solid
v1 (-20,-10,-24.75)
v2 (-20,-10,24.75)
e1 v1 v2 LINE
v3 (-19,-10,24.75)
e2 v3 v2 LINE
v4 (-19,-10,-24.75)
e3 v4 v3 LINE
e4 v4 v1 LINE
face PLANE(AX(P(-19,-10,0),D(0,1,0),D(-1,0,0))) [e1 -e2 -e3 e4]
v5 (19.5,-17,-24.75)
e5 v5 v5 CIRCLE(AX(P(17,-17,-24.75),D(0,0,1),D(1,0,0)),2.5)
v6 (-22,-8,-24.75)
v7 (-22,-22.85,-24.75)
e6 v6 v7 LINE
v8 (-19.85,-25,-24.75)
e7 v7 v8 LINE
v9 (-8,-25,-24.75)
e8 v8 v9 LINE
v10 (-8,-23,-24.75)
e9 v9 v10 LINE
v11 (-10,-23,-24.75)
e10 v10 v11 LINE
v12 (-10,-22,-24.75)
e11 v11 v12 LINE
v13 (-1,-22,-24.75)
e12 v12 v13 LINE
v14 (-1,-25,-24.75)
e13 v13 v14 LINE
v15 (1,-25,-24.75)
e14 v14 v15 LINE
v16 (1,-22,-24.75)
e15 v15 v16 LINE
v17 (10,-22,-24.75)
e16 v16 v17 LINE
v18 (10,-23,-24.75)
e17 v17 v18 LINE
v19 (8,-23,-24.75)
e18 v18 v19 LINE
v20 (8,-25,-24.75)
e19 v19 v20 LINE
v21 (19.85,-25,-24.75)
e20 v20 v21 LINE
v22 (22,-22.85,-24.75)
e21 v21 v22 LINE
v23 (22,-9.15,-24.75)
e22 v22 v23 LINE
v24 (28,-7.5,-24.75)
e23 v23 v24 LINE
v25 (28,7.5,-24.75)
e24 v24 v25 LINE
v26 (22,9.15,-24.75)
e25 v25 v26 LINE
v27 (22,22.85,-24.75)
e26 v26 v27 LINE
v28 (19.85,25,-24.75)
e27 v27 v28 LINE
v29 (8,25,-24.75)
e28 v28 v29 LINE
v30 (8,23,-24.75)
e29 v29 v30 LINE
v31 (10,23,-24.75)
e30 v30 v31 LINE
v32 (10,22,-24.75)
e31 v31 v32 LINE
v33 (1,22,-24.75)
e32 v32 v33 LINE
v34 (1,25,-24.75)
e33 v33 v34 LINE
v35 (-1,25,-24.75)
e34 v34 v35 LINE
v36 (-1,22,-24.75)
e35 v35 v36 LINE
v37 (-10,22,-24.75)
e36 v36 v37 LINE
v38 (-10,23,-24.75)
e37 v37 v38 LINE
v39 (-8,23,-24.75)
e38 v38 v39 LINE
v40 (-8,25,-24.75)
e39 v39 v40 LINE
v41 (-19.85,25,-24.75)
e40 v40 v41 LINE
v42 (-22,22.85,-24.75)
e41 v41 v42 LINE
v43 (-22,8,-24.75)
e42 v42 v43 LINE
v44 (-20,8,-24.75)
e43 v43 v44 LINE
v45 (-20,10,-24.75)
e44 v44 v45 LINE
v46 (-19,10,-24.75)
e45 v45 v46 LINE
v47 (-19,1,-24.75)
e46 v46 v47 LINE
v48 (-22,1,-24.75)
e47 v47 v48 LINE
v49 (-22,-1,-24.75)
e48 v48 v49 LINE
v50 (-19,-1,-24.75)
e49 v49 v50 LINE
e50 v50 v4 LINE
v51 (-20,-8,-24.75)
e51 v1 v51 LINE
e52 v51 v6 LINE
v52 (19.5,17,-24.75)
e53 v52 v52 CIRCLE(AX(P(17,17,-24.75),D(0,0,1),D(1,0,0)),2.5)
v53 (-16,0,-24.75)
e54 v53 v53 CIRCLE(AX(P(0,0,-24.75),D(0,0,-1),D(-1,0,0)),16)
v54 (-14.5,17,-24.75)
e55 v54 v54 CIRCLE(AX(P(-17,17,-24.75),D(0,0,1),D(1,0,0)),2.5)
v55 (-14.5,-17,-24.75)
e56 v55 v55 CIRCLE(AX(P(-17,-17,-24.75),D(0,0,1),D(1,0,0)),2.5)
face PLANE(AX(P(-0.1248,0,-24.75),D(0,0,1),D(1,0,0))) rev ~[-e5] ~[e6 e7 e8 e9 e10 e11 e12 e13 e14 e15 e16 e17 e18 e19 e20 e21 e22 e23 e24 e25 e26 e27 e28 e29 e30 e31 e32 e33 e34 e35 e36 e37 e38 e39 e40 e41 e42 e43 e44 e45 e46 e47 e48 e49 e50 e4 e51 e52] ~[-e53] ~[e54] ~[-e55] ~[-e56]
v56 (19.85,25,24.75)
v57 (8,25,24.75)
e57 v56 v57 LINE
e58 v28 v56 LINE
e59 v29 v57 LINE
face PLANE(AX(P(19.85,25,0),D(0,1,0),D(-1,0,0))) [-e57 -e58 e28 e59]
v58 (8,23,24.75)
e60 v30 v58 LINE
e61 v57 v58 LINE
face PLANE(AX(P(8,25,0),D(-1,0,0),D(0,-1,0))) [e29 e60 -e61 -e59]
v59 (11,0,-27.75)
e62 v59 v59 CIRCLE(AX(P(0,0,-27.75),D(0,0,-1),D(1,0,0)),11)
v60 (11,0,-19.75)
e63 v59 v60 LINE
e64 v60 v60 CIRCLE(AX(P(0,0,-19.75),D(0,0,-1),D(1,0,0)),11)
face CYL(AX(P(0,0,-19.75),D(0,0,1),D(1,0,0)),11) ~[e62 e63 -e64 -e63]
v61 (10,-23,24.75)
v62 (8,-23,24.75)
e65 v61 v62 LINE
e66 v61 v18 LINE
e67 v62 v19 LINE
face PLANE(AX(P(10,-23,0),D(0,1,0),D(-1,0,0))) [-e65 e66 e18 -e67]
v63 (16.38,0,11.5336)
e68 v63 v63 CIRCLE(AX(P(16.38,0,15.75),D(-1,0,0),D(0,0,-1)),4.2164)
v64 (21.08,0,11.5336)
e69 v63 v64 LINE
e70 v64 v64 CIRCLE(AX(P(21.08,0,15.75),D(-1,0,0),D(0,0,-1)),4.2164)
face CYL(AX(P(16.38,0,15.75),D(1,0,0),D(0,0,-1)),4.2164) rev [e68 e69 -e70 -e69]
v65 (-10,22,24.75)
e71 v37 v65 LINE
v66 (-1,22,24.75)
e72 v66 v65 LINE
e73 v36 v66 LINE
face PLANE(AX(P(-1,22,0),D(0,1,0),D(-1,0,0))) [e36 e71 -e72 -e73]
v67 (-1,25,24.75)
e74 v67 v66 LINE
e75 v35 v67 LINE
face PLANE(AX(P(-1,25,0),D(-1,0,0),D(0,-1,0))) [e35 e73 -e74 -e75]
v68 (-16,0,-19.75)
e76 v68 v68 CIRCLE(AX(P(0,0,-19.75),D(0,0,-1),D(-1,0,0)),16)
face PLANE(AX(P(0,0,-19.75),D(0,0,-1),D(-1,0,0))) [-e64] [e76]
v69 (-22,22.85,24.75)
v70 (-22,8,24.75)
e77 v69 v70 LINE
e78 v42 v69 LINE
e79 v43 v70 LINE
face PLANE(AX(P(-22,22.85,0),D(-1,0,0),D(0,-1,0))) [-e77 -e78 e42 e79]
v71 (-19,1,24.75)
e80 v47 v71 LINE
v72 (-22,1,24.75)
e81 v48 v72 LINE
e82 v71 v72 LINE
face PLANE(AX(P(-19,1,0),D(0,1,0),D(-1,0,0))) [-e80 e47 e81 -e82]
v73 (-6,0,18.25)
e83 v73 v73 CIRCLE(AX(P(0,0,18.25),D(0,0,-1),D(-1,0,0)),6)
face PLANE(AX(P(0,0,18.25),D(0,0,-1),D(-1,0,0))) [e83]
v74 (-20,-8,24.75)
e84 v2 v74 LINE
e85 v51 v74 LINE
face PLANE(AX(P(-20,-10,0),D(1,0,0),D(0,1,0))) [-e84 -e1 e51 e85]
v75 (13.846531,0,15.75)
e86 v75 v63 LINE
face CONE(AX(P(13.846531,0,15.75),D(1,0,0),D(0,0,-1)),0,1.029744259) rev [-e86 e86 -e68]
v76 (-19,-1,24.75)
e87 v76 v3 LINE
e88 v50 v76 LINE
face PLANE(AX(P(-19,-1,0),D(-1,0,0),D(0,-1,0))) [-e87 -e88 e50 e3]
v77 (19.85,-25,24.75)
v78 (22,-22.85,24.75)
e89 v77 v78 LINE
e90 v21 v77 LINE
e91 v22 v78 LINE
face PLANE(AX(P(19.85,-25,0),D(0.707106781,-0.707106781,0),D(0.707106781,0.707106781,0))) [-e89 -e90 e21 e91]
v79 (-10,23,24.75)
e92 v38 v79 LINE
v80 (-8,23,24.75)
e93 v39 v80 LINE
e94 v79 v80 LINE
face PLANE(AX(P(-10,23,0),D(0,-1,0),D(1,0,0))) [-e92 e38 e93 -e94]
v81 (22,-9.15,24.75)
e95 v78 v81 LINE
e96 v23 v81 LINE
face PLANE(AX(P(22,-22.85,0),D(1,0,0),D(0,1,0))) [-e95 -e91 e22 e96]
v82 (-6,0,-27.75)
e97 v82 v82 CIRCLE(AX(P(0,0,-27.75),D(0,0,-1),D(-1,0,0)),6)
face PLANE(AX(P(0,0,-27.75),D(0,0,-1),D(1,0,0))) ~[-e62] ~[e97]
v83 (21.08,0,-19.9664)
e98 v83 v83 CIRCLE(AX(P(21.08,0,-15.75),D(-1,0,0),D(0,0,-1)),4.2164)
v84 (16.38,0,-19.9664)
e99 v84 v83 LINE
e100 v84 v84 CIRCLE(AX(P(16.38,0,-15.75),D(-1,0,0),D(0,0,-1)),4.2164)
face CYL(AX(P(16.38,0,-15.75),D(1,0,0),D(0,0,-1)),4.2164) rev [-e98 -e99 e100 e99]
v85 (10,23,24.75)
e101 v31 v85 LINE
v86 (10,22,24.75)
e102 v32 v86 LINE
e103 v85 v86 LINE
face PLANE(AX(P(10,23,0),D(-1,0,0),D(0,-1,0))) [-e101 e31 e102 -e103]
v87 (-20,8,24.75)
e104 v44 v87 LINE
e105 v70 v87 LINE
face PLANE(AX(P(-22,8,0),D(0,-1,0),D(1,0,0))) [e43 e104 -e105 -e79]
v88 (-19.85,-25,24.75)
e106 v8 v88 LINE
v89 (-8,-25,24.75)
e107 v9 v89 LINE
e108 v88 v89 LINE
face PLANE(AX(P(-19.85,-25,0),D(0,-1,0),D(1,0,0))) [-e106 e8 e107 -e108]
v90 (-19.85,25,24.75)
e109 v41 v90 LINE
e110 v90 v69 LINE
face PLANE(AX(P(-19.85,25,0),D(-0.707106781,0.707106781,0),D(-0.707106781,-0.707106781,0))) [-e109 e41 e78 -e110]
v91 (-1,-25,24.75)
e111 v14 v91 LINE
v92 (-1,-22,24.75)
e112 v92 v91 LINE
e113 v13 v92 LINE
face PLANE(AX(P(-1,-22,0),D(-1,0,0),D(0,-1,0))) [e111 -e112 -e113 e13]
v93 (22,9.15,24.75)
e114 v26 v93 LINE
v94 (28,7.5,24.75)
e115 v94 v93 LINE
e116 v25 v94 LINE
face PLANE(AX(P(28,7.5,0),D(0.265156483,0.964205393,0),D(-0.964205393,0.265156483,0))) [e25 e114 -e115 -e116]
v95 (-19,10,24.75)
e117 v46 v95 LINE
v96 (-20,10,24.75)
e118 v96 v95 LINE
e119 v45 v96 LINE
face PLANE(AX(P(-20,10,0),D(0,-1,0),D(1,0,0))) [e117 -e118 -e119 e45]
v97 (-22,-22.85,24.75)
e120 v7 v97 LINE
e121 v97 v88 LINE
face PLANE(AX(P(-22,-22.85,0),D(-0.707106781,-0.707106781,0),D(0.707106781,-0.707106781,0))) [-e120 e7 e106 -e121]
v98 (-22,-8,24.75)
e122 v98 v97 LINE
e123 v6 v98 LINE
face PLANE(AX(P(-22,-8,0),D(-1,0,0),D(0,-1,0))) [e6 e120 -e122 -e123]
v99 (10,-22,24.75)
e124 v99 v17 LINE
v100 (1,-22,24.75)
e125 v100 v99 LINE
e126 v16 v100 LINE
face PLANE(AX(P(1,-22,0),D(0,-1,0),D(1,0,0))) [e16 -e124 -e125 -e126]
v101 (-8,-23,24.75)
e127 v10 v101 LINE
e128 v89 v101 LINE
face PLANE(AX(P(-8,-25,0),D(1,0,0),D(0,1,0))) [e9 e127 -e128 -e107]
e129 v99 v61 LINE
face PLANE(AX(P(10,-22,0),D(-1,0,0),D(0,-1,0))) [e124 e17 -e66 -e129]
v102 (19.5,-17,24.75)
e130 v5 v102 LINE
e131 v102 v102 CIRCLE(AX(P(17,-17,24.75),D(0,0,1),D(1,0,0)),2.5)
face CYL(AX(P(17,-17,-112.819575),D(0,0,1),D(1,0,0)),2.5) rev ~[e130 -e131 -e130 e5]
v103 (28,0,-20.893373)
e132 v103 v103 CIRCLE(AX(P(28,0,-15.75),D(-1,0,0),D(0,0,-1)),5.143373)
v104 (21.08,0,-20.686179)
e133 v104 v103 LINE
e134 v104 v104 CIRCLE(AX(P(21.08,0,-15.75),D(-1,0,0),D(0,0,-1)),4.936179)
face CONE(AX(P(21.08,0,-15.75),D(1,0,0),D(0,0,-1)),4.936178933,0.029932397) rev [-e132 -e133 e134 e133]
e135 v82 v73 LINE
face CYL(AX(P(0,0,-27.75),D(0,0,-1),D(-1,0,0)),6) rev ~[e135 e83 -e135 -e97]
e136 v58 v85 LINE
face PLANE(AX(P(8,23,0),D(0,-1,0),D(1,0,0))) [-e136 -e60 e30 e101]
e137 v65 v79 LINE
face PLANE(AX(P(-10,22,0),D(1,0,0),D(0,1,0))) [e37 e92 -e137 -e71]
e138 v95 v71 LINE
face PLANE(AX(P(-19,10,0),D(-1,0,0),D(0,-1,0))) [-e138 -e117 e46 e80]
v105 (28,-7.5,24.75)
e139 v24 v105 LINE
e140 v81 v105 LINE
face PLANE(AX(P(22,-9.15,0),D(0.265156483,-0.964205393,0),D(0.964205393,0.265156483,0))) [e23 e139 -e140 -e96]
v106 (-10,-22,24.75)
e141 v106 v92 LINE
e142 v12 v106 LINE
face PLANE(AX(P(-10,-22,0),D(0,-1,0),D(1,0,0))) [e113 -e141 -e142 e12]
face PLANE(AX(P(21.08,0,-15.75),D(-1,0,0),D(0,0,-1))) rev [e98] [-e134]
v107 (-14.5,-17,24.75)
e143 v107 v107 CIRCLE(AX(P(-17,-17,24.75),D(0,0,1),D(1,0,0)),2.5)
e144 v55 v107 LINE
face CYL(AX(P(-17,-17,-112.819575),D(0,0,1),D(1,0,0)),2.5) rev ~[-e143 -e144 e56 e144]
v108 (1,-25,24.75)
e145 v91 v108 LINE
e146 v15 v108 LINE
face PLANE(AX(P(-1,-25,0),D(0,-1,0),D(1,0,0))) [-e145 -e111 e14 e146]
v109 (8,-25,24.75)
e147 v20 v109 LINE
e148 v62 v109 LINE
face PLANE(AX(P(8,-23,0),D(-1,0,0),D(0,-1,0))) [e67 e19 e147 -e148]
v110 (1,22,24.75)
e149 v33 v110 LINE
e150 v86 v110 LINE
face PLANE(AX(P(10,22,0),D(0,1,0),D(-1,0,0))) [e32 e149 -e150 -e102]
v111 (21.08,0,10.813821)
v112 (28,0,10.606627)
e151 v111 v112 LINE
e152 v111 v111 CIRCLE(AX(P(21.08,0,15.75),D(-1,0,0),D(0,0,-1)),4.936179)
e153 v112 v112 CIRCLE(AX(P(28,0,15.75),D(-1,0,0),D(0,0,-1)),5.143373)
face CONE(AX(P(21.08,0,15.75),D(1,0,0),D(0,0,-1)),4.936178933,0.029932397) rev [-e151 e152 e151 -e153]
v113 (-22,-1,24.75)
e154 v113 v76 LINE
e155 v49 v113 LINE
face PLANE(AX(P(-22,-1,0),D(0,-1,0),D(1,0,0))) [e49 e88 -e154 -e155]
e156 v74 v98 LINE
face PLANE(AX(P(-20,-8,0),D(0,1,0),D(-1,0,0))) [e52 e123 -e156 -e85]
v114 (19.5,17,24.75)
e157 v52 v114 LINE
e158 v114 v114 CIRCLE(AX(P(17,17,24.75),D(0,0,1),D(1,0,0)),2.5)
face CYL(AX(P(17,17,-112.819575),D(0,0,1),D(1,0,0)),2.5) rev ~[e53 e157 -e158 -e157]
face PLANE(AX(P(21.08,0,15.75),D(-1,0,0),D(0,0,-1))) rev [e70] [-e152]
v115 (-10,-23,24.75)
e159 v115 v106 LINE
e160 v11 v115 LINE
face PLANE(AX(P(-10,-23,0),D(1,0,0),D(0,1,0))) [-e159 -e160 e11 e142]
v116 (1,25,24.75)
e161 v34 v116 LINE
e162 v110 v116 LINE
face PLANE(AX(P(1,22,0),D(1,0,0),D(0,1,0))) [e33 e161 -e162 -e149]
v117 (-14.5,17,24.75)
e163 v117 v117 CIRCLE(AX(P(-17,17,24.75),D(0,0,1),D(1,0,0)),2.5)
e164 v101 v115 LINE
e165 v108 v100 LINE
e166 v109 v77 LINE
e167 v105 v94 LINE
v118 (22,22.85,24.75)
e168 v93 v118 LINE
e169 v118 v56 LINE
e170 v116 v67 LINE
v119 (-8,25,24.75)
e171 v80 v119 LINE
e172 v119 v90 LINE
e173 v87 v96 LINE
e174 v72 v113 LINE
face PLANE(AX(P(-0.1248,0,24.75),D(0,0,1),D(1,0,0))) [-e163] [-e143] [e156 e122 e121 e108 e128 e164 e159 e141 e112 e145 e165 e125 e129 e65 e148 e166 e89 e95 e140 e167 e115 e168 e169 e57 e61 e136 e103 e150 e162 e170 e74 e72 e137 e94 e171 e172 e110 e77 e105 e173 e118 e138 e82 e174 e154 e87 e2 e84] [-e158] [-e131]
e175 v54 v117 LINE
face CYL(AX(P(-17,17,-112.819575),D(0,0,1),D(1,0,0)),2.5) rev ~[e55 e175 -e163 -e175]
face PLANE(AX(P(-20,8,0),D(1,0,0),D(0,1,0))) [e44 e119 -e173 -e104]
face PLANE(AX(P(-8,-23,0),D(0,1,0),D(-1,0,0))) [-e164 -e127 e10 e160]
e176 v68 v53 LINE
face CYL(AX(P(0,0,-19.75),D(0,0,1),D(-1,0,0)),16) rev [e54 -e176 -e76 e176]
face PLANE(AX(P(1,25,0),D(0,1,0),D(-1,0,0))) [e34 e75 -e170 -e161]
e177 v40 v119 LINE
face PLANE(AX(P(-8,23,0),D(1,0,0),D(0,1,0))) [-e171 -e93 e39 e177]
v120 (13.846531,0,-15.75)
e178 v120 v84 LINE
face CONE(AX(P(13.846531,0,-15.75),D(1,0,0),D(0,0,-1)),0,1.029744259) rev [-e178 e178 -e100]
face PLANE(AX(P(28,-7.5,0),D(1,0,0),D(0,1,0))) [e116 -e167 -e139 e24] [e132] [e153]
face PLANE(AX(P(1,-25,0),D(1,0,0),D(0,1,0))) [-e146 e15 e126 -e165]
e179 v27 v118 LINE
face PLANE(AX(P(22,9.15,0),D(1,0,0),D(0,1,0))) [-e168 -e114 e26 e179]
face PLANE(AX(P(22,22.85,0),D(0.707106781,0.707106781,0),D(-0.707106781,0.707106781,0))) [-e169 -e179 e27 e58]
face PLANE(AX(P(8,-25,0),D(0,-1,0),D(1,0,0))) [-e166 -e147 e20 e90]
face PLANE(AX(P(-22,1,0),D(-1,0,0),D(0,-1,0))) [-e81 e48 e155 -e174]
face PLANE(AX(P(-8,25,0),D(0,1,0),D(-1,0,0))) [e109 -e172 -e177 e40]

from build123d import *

# Parameters (mm, degrees)
SALIENTE_EXTRUIR1_DEPTH             = 24.75
CROQUIS2_W                          = 11
CROQUIS2_H                          = 3
CROQUIS3_R                          = 6
CORTAR_EXTRUIR1_DEPTH               = 46
CORTAR_EXTRUIR2_START               = -5
CROQUIS4_R                          = 16
CROQUIS4_R_2                        = 11
CORTAR_EXTRUIR2_DEPTH               = 5
TALADRO_ROSCADO_M61_D               = 5
TALADRO_ROSCADO_1_8_NPT1_AT_2_COUNT = 2
TALADRO_ROSCADO_1_8_NPT1_AT_2_PITCH = 31.5


with BuildPart() as part:
    # Croquis1 → Saliente-Extruir1 (new, symmetric)
    with BuildSketch(Plane.XY):
        Polygon((8, -23), (8, -25), (19.85, -25), (22, -22.85), (22, -9.15), (28, -7.5), (28, 7.5), (22, 9.15), (22, 22.85), (19.85, 25), (8, 25), (8, 23), (10, 23), (10, 22), (1, 22), (1, 25), (-1, 25), (-1, 22), (-10, 22), (-10, 23), (-8, 23), (-8, 25), (-19.85, 25), (-22, 22.85), (-22, 8), (-20, 8), (-20, 10), (-19, 10), (-19, 1), (-22, 1), (-22, -1), (-19, -1), (-19, -10), (-20, -10), (-20, -8), (-22, -8), (-22, -22.85), (-19.85, -25), (-8, -25), (-8, -23), (-10, -23), (-10, -22), (-1, -22), (-1, -25), (1, -25), (1, -22), (10, -22), (10, -23), align=None)
    extrude(amount=SALIENTE_EXTRUIR1_DEPTH, both=True)

    # Croquis2 → Revolución1 (revolve)
    with BuildSketch(Plane(origin=(0, 0, 0), x_dir=(1, 0, 0), z_dir=(0, 1, 0))):
        with Locations((5.5, 26.25)):
            Rectangle(CROQUIS2_W, CROQUIS2_H)
    revolve(axis=Axis((0, 0, -24.75), (0, 0, -1)))

    # Croquis3 → Cortar-Extruir1 (cut)
    with BuildSketch(Plane(origin=(0, 0, -27.75), x_dir=(-1, 0, 0), z_dir=(0, 0, -1))):
        Circle(CROQUIS3_R)
    extrude(amount=-CORTAR_EXTRUIR1_DEPTH, mode=Mode.SUBTRACT)

    # Croquis4 → Cortar-Extruir2 (cut)
    with BuildSketch(Plane(origin=(0, 0, -24.75), x_dir=(-1, 0, 0), z_dir=(0, 0, -1)).offset(CORTAR_EXTRUIR2_START)):
        Circle(CROQUIS4_R)
        with Locations(Location((0, 0, 0), (0, 0, 180))):
            Circle(CROQUIS4_R_2, mode=Mode.SUBTRACT)
    extrude(amount=CORTAR_EXTRUIR2_DEPTH, mode=Mode.SUBTRACT)

    # Taladro roscado M61 (through all)
    with Locations(Plane(origin=(0, 0, -24.75), x_dir=(-1, 0, 0), z_dir=(0, 0, -1))):
        with Locations((17, -17), (-17, -17), (-17, 17), (17, 17)):
            Hole(TALADRO_ROSCADO_M61_D / 2)

    # Croquis11 → Taladro roscado 1/8 NPT1 (revolve, cut)
    with BuildSketch(Plane(origin=(28, 0, -15.75), x_dir=(0, 0, -1), z_dir=(0, 1, 0))):
        Polygon((0, 0), (0, 14.153468714), (4.2164, 11.62), (4.2164, 6.92), (4.936178933, 6.92), (5.143373, 0), align=None)
    taladro_roscado_1_8_npt1 = revolve(axis=Axis((34.35, 0, -15.75), (-1, 0, 0)), mode=Mode.SUBTRACT)

    # Taladro roscado 1/8 NPT1 at 2: Taladro roscado 1/8 NPT1 ×2
    with Locations(*[(0, 0, i * TALADRO_ROSCADO_1_8_NPT1_AT_2_PITCH) for i in range(1, TALADRO_ROSCADO_1_8_NPT1_AT_2_COUNT)]):
        add(taladro_roscado_1_8_npt1, mode=Mode.SUBTRACT)


solid = part.part
